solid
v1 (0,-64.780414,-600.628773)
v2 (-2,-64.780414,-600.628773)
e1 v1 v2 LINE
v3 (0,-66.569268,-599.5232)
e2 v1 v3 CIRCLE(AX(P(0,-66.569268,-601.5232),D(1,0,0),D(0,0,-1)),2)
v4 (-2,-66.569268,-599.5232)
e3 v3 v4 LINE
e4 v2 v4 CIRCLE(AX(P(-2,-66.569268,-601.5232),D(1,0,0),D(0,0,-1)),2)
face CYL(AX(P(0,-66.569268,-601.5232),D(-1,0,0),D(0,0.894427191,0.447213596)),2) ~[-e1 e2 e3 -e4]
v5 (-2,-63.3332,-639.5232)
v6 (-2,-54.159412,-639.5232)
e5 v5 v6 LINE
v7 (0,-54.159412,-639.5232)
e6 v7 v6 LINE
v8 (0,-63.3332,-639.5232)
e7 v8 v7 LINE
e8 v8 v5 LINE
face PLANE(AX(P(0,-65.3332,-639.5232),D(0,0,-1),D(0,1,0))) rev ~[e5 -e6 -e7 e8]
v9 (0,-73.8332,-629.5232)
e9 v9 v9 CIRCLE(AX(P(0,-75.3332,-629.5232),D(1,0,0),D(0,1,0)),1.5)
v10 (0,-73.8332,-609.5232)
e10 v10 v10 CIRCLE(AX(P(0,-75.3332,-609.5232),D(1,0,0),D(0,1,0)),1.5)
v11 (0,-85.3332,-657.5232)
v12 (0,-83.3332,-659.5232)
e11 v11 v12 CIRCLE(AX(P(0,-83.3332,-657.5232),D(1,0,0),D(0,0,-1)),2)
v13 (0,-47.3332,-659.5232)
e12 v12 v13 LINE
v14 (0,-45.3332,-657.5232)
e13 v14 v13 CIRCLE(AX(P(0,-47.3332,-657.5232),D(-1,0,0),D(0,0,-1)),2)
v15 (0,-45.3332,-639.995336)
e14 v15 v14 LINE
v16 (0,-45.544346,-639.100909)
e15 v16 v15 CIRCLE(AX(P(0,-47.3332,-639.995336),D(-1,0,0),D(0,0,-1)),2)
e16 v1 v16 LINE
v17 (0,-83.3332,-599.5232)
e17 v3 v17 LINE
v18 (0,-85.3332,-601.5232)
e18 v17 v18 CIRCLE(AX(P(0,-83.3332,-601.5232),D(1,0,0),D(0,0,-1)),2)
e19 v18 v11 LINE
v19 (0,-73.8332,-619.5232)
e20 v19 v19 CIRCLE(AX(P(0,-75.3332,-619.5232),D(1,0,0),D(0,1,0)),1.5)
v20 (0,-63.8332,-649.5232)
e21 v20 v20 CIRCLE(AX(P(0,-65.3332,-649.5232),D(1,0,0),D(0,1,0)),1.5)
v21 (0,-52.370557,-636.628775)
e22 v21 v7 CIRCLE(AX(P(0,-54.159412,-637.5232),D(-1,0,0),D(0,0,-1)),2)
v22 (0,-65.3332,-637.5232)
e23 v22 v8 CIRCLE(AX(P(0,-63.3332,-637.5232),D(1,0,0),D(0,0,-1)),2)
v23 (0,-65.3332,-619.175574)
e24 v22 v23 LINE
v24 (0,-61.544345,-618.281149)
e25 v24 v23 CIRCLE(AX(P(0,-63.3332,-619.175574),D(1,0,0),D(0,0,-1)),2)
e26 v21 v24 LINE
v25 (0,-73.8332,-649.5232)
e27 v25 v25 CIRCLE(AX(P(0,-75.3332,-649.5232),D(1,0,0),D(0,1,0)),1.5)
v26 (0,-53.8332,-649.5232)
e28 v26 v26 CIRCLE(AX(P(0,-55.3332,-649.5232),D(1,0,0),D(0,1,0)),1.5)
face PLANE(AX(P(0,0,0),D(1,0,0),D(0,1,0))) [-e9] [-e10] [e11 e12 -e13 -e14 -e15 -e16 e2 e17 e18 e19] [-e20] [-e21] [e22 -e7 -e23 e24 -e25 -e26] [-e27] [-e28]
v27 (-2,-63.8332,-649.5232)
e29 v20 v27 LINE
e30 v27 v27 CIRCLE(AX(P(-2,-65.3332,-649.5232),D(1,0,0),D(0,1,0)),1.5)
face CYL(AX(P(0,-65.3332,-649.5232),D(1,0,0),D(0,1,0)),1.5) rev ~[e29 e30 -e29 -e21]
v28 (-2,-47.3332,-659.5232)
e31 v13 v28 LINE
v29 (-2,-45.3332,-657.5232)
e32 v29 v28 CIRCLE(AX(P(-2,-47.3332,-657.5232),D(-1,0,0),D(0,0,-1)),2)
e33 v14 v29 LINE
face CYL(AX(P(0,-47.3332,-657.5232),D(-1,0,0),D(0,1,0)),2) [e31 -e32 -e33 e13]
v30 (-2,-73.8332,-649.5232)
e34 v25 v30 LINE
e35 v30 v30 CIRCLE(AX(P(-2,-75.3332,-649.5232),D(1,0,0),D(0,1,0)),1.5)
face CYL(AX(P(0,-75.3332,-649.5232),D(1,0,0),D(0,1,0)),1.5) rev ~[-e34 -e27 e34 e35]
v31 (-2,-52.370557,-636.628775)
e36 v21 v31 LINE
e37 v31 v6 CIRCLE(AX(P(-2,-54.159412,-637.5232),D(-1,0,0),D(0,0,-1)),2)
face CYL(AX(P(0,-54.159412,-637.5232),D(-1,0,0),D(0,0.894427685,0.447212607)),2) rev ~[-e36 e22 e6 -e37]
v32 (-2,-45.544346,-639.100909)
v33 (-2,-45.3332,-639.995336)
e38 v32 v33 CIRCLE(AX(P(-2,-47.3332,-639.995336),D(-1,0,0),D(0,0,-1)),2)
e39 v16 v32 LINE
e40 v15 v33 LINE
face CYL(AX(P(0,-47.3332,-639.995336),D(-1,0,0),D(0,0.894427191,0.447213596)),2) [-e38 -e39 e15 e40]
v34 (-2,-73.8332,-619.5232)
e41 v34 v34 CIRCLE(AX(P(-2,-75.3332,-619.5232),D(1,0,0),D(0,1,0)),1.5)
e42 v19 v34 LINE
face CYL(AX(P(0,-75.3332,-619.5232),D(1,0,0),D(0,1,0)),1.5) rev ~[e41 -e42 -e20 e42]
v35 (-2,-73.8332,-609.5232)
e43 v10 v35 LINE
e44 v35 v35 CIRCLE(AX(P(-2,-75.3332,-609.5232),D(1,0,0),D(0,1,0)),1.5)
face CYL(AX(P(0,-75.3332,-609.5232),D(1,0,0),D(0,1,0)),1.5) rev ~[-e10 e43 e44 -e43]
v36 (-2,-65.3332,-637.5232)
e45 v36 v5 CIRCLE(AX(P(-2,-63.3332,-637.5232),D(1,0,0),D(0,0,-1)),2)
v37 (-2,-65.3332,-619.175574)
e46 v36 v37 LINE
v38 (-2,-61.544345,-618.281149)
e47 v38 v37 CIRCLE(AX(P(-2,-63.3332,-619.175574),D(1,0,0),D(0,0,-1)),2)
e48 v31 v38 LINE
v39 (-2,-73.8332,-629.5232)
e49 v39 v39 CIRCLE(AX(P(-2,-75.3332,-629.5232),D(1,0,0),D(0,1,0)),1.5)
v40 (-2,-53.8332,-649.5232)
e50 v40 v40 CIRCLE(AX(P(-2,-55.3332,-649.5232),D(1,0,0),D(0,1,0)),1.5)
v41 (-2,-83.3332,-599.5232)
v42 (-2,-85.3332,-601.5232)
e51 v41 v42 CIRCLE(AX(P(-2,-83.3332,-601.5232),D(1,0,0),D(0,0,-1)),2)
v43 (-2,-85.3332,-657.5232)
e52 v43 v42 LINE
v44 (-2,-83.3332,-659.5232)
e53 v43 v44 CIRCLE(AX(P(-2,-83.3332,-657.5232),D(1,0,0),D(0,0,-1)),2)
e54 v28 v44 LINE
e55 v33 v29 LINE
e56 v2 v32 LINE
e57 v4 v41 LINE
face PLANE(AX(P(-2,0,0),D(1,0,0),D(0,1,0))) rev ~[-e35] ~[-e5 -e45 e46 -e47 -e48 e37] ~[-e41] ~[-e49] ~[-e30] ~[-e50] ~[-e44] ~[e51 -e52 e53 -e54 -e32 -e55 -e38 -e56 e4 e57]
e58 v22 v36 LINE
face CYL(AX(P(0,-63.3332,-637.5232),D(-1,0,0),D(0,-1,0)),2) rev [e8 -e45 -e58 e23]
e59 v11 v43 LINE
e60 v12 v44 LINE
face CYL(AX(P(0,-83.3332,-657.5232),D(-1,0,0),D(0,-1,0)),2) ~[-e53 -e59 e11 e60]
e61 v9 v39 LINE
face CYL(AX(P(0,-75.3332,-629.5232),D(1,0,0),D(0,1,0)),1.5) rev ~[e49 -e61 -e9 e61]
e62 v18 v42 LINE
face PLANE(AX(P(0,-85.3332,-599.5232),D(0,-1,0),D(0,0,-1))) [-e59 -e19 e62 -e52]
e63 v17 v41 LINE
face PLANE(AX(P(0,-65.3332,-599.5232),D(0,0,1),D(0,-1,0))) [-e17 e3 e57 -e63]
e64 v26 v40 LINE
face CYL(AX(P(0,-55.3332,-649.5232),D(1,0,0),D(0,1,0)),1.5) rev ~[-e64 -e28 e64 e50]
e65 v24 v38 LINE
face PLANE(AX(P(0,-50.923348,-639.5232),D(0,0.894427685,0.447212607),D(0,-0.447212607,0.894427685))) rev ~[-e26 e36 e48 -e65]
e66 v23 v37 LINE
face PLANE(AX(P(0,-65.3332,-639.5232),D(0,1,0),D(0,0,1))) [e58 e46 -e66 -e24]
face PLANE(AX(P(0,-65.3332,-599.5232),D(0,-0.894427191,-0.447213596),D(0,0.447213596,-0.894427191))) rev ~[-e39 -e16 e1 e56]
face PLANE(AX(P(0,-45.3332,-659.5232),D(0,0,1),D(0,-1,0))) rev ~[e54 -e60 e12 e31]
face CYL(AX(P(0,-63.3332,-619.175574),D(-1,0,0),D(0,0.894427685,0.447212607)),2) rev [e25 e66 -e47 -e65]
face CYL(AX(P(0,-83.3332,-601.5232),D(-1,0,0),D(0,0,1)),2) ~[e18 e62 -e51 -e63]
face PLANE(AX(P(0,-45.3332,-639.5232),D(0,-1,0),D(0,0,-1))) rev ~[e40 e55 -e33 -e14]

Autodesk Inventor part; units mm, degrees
ref_plane "YZ Plane" through (0, 0, 0) normal (1, 0, 0) x (0, 1, 0)
ref_plane "XZ Plane" through (0, 0, 0) normal (0, 1, 0) x (-1, 0, 0)
ref_plane "XY Plane" through (0, 0, 0) normal (0, 0, 1) x (1, 0, 0)
sketch "スケッチ1" plane through (0, 0, 0) normal (1, 0, 0) x (0, 1, 0)
  line L0 (-65.3332, -639.5232) -> (-65.3332, 668.4768)
  line L1 (-65.3332, -537.5232) -> (339.6668, -537.5232)
  line L2 (339.6668, -537.5232) -> (339.6668, -517.5232)
  line L3 (339.6668, -517.5232) -> (-65.3332, -517.5232)
  line L4 (-65.3332, -517.5232) -> (-65.3332, -537.5232)
  circle A0 centre (-30.1532, -490.5232) radius 21
  circle A1 centre (-30.1532, -448.5232) radius 16
  circle A2 centre (-30.1532, -448.5232) radius 13.68
  line L5 (-85.3332, -639.5232) -> (-65.3332, -639.5232)
  line L6 (-85.3332, -639.5232) -> (-65.3332, -639.5232)
  line L7 (-85.3332, -639.5232) -> (398.6668, -639.5232)
  line L8 (398.6668, -639.5232) -> (398.6668, -659.5232)
  line L9 (398.6668, -659.5232) -> (-85.3332, -659.5232)
  line L10 (-85.3332, -659.5232) -> (-85.3332, -639.5232)
  line L11 (-10.1532, 668.4768) -> (9.0226, 674.1594)
  line L12 (9.0226, 674.1594) -> (394.8699, -627.872)
  line L13 (394.8699, -627.872) -> (375.6942, -633.5546)
  line L14 (375.6942, -633.5546) -> (-10.1532, 668.4768)
  line L15 (-85.3332, 668.4768) -> (-85.3332, -639.5232)
  line L16 (-85.3332, -432.5232) -> (-30.1532, -432.5232)
  line L17 (-9.1532, -490.5232) -> (-9.1532, -537.5232)
  line L18 (-9.1532, -490.5232) -> (-9.1532, -432.5232)
  line L19 (-9.1532, -432.5232) -> (-30.1532, -432.5232)
  circle A3 centre (-75.3332, -444.5232) radius 1.5
  circle A4 centre (-75.3332, -454.5232) radius 1.5
  line L20 (-30.1532, -464.5232) -> (-85.3332, -464.5232)
  circle A5 centre (-55.3332, -527.5232) radius 1.5
  circle A6 centre (-35.3332, -527.5232) radius 1.5
  line L21 (-65.3332, -537.5232) -> (-85.3332, -537.5232)
  circle A7 centre (-75.3332, -527.5232) radius 1.5
  circle A8 centre (-75.3332, -507.5232) radius 1.5
  circle A9 centre (-30.1532, 652.4768) radius 16
  line L22 (-65.3332, 668.4768) -> (-85.3332, 668.4768)
  line L23 (-85.3332, 668.4768) -> (-30.1532, 668.4768)
  line L24 (-30.1532, 636.4768) -> (-85.3332, 636.4768)
  line L25 (-30.1532, 668.4768) -> (-10.1532, 668.4768)
  circle A10 centre (-30.1532, 652.4768) radius 7.5
  line L26 (-30.1532, 636.4768) -> (-0.6702, 636.4768)
  circle A11 centre (-75.3332, 656.4768) radius 1.5
  circle A12 centre (-75.3332, 646.4768) radius 1.5
  circle A13 centre (2.276, 661.7302) radius 1.5
  circle A14 centre (5.1173, 652.1424) radius 1.5
  line L27 (-0.6702, 636.4768) -> (18.5055, 642.1594)
  line L28 (-65.3332, -599.5232) -> (-45.3332, -639.5232)
  line L29 (-45.3332, -639.5232) -> (-45.3332, -659.5232)
  line L30 (-65.3332, -599.5232) -> (-85.3332, -599.5232)
  circle A15 centre (-75.3332, -629.5232) radius 1.5
  circle A16 centre (-75.3332, -619.5232) radius 1.5
  circle A17 centre (-75.3332, -609.5232) radius 1.5
  circle A18 centre (-75.3332, -649.5232) radius 1.5
  circle A19 centre (-65.3332, -649.5232) radius 1.5
  circle A20 centre (-55.3332, -649.5232) radius 1.5
  line L31 (-85.3332, -639.5232) -> (-85.3332, -599.5232)
  line L32 (368.6668, -639.5232) -> (368.6668, -659.5232)
  line L33 (367.1703, -604.7911) -> (386.346, -599.1085)
  line L34 (375.6942, -633.5546) -> (377.4629, -639.5232)
  line L35 (394.8699, -627.872) -> (398.6668, -639.5232)
  circle A21 centre (378.6668, -649.5232) radius 1.5
  circle A22 centre (388.6668, -649.5232) radius 1.5
  circle A23 centre (382.4407, -621.1255) radius 1.5
  circle A24 centre (379.5994, -611.5376) radius 1.5
  circle A25 centre (319.6668, -527.5232) radius 1.5
  circle A26 centre (329.6668, -527.5232) radius 1.5
  line L36 (339.6668, -517.5232) -> (341.3091, -517.5232)
  line L37 (339.6668, -537.5232) -> (347.236, -537.5232)
  line L38 (341.3091, -517.5232) -> (362.1688, -517.5232)
  circle A27 centre (354.5961, -527.1644) radius 1.5
  circle A28 centre (357.4374, -536.7523) radius 1.5
  line L39 (350.6908, -549.1815) -> (369.8665, -543.4989)
  line L40 (309.6668, -517.5232) -> (309.6668, -537.5232)
  line L41 (-50.3332, -659.5232) -> (-50.3332, -640.7035)
  line L42 (-50.3332, -640.7035) -> (-68.4233, -604.5232)
  line L43 (-68.4233, -604.5232) -> (-80.3332, -604.5232)
  line L44 (-80.3332, -604.5232) -> (-80.3332, -639.5232)
  point P0 (0, 0)
  point P1 (-388.3332, -207.1898)
  point P2 (-65.3332, -517.5232)
  point P3 (385.282, -630.7133)
  point P4 (-50.9233, -639.5232)
  point P5 (-65.3332, -610.7035)
  dimension "d1" = 42
  dimension "d0" = 20
  dimension "d2" = 32
  dimension "d3" = 27.36
  dimension "d4" = 35.18
  dimension "d5" = 35.18
  dimension "d6" = 27
  dimension "d7" = 42
  dimension "d8" = 191
  dimension "d9" = 20
  dimension "d10" = 484
  dimension "d11" = 3
  dimension "d12" = 3
  dimension "d13" = 10
  dimension "d14" = 10
  dimension "d15" = 10
  dimension "d16" = 10
  dimension "d17" = 3
  dimension "d18" = 3
  dimension "d19" = 10
  dimension "d20" = 20
  dimension "d21" = 10
  dimension "d22" = 10
  dimension "d23" = 3
  dimension "d24" = 3
  dimension "d25" = 10
  dimension "d26" = 20
  dimension "d27" = 10
  dimension "d28" = 10
  dimension "d29" = 20
  dimension "d30" = 32
  dimension "d31" = 35.18
  dimension "d32" = 20
  dimension "d33" = 1358
  dimension "d34" = 91.543
  dimension "d35" = 405
  dimension "d36" = 15
  dimension "d37" = 3
  dimension "d38" = 3
  dimension "d39" = 10
  dimension "d40" = 10
  dimension "d41" = 10
  dimension "d42" = 10
  dimension "d43" = 3
  dimension "d44" = 3
  dimension "d45" = 10
  dimension "d46" = 10
  dimension "d47" = 10
  dimension "d48" = 10
  dimension "d49" = 40
  dimension "d50" = 3
  dimension "d51" = 3
  dimension "d52" = 3
  dimension "d53" = 3
  dimension "d54" = 3
  dimension "d55" = 3
  dimension "d56" = 10
  dimension "d57" = 10
  dimension "d58" = 10
  dimension "d59" = 10
  dimension "d60" = 10
  dimension "d61" = 10
  dimension "d62" = 10
  dimension "d63" = 10
  dimension "d64" = 10
extrude "押し出し1" add sketch "スケッチ1" against normal blind 2 contours L28 L7 L42 L0 | L0 L42 L43 L44 L5 L15 L30 | L42 L7 L0 | L0 L5 L44 L43 L42 | L29 L9 L41 L42 L7 | L7 L42 L41 L9 L10 L5
extrude "押し出し2" cut sketch "スケッチ1" against normal blind 2 contours L42 L7 L0
fillet "フィレット1" radius 2 8 edges at (-1, -85.3332, -599.5232) (-1, -65.3332, -599.5232) (-1, -65.3332, -610.7035) (-1, -65.3332, -639.5232) (-1, -50.9233, -639.5232) (-1, -45.3332, -639.5232) (-1, -45.3332, -659.5232) (-1, -85.3332, -659.5232)
equation "\"d5\" = d4"
equation "\"d14\" = d15"
equation "\"d21\" = d19"
equation "\"d22\" = d19"
equation "\"d27\" = d25"
equation "\"d28\" = d25"
equation "\"d31\" = d4"
equation "\"d41\" = d39"
equation "\"d42\" = d39"
equation "\"d46\" = d45"
equation "\"d47\" = d45"
equation "\"d48\" = d45"
equation "\"d57\" = d56"
equation "\"d58\" = d56"
equation "\"d59\" = d56"
equation "\"d60\" = d56"
equation "\"d61\" = d56"
equation "\"d62\" = d56"
equation "\"d63\" = d56"
equation "\"d64\" = d62"
properties part number "dribl-v1-Plate-9" material "アルミニウム 6061"
